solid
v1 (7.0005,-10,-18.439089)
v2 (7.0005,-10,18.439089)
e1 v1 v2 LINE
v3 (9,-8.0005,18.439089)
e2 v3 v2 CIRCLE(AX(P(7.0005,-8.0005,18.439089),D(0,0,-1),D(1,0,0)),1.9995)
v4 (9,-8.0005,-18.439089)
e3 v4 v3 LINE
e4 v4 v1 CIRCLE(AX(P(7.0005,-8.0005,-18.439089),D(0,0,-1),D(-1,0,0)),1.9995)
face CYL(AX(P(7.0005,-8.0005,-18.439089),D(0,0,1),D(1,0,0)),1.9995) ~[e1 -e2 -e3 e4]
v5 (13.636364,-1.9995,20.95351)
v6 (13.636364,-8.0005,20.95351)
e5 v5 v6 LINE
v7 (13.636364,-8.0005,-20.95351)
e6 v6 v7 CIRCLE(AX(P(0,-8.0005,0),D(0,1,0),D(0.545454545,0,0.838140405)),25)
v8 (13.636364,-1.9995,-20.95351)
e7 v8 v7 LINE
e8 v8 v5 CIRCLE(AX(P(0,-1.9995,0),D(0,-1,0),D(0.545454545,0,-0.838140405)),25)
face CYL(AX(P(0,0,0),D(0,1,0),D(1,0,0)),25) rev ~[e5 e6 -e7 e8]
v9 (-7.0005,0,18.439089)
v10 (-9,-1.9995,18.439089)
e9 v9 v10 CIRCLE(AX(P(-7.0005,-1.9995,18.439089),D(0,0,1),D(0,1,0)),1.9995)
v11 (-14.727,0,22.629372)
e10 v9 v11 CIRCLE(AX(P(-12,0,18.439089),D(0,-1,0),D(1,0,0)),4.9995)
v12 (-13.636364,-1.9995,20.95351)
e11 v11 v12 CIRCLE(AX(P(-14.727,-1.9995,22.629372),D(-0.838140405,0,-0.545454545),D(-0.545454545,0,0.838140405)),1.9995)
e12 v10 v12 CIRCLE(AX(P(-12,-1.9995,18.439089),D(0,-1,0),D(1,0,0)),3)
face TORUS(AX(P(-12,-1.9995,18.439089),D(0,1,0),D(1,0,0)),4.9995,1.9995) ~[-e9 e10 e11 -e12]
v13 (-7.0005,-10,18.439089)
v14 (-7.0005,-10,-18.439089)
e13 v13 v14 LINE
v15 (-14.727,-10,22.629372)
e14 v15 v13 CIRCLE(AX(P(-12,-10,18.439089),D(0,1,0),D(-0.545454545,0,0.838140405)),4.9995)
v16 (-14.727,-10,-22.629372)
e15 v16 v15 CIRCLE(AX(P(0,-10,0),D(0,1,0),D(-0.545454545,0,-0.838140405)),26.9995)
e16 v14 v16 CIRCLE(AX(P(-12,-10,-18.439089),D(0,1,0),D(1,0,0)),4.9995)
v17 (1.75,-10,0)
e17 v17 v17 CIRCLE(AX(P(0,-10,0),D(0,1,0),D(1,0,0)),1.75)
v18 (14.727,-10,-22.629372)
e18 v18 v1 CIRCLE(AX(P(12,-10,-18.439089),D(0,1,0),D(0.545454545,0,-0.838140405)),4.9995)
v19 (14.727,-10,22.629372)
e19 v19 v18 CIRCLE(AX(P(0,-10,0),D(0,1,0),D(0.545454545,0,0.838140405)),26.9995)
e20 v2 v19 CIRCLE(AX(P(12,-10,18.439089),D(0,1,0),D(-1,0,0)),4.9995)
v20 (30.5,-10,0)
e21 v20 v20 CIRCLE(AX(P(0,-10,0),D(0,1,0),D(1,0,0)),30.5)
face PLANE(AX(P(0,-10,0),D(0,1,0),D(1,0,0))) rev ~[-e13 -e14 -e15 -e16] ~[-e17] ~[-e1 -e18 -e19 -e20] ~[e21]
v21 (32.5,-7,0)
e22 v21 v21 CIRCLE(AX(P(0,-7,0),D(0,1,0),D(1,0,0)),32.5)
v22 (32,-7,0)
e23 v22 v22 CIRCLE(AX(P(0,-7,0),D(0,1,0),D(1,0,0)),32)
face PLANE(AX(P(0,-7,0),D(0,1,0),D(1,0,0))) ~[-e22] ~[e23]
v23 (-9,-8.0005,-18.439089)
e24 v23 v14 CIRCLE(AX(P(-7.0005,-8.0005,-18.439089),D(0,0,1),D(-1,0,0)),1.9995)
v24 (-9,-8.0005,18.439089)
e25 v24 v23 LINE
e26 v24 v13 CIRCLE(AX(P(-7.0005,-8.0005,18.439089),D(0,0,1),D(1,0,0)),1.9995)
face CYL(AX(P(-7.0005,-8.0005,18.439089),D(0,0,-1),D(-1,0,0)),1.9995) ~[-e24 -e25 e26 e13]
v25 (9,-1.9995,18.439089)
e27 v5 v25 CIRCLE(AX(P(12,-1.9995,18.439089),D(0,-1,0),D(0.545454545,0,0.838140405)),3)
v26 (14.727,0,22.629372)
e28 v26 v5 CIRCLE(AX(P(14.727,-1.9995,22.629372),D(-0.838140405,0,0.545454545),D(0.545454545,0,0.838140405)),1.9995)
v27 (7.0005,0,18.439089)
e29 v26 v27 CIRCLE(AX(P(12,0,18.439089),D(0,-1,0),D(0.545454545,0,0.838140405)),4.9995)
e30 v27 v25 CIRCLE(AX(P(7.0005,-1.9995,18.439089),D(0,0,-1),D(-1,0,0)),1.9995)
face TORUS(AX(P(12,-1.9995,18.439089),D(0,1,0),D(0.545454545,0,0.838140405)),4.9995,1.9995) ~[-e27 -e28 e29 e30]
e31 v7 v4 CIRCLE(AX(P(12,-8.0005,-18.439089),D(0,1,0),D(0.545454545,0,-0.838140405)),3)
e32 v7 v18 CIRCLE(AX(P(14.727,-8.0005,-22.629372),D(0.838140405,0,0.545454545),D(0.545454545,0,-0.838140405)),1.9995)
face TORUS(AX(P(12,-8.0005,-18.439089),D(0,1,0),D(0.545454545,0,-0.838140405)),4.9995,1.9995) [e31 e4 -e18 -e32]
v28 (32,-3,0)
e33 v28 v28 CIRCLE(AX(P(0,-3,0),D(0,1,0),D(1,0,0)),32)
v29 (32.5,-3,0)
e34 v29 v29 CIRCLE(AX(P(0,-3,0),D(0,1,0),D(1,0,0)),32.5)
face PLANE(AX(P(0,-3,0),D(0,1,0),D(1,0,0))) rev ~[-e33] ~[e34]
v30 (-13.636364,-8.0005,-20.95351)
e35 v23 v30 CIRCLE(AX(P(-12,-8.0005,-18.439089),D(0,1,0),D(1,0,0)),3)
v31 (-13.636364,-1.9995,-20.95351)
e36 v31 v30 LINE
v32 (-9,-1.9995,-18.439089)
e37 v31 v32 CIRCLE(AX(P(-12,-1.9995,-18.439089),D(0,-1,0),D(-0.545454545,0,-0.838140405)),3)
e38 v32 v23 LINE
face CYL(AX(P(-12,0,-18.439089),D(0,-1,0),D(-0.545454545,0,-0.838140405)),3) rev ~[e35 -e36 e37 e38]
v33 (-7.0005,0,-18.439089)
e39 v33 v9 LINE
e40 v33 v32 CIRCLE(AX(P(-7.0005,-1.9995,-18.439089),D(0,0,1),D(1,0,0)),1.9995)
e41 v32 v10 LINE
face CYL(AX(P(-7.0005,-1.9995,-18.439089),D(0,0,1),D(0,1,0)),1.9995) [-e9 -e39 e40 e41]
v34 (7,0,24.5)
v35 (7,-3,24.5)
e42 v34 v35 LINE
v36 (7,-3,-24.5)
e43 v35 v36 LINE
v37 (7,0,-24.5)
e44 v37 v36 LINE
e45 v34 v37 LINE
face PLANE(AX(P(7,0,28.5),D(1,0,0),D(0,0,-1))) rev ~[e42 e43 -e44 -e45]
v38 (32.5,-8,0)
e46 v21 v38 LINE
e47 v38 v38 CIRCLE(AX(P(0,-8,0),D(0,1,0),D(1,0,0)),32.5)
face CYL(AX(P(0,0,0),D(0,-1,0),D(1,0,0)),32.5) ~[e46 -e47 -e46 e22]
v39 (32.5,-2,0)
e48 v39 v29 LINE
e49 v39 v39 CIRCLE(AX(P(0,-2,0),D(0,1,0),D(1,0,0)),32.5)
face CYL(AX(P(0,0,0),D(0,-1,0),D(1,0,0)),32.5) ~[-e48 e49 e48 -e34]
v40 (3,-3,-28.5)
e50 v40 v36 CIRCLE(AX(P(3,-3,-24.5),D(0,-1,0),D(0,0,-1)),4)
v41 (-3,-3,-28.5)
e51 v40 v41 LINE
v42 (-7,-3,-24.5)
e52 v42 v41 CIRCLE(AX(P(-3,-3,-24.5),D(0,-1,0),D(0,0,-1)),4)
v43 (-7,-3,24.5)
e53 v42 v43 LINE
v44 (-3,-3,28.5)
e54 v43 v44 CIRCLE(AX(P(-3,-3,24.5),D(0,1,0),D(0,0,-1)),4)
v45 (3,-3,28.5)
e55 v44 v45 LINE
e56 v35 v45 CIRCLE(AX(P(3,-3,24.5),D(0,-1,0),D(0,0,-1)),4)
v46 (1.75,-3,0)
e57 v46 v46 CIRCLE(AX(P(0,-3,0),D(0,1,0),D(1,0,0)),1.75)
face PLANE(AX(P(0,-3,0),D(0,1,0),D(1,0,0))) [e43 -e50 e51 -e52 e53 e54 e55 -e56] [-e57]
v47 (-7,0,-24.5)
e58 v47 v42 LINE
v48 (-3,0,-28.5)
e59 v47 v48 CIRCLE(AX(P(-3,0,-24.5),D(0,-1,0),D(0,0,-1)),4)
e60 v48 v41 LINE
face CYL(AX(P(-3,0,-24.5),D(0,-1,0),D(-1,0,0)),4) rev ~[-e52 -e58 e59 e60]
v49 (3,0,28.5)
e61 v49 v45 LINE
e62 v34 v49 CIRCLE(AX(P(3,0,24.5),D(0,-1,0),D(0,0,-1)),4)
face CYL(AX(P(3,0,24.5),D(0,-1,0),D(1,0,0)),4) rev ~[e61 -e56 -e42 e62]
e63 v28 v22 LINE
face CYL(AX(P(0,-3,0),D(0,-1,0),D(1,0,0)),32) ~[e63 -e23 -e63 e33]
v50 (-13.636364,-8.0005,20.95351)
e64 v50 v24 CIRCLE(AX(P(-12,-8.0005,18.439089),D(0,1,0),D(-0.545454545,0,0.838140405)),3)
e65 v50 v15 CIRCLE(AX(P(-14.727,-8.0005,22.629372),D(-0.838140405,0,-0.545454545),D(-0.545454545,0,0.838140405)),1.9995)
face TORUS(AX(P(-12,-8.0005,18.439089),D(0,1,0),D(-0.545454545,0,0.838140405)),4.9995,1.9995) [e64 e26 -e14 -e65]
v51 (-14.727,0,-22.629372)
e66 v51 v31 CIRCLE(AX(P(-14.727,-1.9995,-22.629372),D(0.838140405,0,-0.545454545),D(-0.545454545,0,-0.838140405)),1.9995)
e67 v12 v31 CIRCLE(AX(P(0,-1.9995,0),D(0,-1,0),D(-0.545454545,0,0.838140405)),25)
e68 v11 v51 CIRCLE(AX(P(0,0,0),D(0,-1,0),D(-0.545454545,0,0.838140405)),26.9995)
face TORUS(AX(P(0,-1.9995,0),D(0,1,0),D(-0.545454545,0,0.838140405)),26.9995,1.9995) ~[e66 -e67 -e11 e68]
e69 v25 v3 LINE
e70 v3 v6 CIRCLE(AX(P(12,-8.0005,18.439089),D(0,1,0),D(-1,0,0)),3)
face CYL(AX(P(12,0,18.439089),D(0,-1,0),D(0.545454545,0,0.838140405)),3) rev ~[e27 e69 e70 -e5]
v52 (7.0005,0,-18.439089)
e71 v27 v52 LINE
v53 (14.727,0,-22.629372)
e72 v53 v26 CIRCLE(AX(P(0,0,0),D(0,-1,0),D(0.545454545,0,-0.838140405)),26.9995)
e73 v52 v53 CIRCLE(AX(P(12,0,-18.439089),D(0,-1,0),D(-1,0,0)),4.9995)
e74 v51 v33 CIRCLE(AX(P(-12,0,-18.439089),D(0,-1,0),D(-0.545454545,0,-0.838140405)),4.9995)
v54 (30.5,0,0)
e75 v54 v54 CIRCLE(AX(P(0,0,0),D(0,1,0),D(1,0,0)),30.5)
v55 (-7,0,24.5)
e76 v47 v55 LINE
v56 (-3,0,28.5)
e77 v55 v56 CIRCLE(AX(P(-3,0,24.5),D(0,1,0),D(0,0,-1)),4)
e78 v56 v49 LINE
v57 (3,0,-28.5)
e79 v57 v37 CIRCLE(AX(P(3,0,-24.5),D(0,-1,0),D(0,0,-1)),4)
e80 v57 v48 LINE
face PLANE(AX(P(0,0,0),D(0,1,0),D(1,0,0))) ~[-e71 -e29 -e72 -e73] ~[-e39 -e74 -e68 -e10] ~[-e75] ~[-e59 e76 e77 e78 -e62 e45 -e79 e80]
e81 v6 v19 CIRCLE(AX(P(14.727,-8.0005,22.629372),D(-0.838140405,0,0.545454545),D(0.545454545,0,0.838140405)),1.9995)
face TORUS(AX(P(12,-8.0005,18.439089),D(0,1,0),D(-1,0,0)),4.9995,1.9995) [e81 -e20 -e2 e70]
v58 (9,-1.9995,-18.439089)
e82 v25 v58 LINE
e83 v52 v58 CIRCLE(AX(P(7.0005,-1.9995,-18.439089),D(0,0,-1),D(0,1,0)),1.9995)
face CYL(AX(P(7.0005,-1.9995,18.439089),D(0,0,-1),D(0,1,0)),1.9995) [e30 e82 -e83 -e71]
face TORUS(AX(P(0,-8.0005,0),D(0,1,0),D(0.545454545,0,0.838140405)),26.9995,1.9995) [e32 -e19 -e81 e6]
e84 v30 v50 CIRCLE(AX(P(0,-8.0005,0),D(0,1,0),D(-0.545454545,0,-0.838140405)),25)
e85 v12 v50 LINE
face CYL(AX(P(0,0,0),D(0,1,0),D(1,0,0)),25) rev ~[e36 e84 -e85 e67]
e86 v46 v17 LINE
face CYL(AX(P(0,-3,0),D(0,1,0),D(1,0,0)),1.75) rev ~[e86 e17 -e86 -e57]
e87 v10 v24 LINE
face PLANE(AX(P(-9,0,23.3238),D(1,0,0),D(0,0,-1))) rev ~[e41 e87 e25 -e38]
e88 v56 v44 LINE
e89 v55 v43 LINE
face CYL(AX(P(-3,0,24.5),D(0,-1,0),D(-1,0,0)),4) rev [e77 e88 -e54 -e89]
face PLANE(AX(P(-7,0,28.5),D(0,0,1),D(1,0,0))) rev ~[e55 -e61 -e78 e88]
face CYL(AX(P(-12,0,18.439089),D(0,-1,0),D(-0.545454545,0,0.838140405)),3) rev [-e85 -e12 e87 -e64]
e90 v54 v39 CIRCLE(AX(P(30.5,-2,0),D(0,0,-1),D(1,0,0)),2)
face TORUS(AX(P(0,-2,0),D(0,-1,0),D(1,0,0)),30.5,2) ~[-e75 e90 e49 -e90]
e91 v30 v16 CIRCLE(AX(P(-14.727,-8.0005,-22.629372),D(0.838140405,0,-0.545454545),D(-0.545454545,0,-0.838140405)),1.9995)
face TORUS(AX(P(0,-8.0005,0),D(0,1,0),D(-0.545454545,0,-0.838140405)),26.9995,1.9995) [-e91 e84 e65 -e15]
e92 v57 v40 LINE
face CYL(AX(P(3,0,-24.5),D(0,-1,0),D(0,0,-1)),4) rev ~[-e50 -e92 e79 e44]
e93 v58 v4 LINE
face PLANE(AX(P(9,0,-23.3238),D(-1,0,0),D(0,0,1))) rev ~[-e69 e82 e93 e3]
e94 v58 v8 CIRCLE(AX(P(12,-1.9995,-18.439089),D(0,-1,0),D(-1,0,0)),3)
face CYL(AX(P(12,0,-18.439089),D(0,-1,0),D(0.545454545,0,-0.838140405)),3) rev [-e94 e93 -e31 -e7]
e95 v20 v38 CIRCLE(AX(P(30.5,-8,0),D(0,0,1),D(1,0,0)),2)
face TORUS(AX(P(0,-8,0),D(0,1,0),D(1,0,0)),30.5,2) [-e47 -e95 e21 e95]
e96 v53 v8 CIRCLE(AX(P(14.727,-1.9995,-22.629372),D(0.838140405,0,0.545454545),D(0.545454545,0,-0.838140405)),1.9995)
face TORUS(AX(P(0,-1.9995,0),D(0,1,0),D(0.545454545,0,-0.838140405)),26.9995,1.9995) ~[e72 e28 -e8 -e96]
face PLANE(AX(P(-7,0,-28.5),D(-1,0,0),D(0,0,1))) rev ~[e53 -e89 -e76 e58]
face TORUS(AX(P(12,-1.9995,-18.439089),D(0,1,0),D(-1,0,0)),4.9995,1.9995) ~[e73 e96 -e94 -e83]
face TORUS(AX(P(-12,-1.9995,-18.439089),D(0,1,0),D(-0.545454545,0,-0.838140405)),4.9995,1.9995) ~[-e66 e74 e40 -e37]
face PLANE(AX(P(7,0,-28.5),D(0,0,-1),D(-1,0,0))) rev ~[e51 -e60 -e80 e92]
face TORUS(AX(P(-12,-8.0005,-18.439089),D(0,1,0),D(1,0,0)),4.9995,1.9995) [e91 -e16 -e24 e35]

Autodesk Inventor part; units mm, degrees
ref_plane "YZ Plane" through (0, 0, 0) normal (1, 0, 0) x (0, 1, 0)
ref_plane "XZ Plane" through (0, 0, 0) normal (0, 1, 0) x (-1, 0, 0)
ref_plane "XY Plane" through (0, 0, 0) normal (0, 0, 1) x (1, 0, 0)
sketch "Esquisse2" plane through (0, 0, 0) normal (0, 0, 1) x (1, 0, 0)
  line L0 (0, 0) -> (32.5, 0)
  line L1 (32.5, 0) -> (32.5, -10)
  line L2 (32.5, -10) -> (0, -10)
  line L3 (0, -10) -> (0, 0)
  line L4 (32.5, -3) -> (32, -3)
  line L5 (32, -3) -> (32, -7)
  line L6 (32, -7) -> (32.5, -7)
  line L7 (32.5, -7) -> (32.5, -3)
  dimension "d1" = 32.5
  dimension "d2" = 10
  dimension "d6" = 3
  dimension "d7" = 0.5
  dimension "d13" = 3
revolve "Révolution1" add sketch "Esquisse2" angle 360 about axis through (0, -10, 0) along (0, 1, 0) contours L0 L1 L4 L5 L6 L2 L3
sketch "Esquisse3" plane through (0, 0, 0) normal (0, 1, 0) x (1, 0, 0)
  line L0 (-7, -28.5) -> (7, -28.5)
  line L1 (7, -28.5) -> (7, 28.5)
  line L2 (7, 28.5) -> (-7, 28.5)
  line L3 (-7, 28.5) -> (-7, -28.5)
  line L4 (-7, -28.5) -> (7, 28.5)
  line L5 (7, -28.5) -> (-7, 28.5)
  point P0 (0, 0)
  point P1 (0, 0)
  point P2 (0, 0)
  dimension "d9" = 14
  dimension "d10" = 57
extrude "Extrusion1" cut sketch "Esquisse3" against normal blind 3
fillet "Congé1" radius 4 4 edges at (-7, -1.5, -28.5) (7, -1.5, -28.5) (-7, -1.5, 28.5) (7, -1.5, 28.5)
sketch "Esquisse4" plane through (0, -3, 0) normal (0, 1, 0) x (1, 0, 0)
  circle A0 centre (0, 0) radius 1.75
  point P0 (0, 0)
  dimension "d15" = 3.5
extrude "Extrusion2" cut sketch "Esquisse4" against normal blind 10
fillet "Congé2" radius 2 2 edges at (-32.5, 0, 0) (-32.5, -10, 0)
sketch "Esquisse5" plane through (0, 0, 0) normal (0, 1, 0) x (1, 0, 0)
  circle A0 centre (0, 0) radius 25
  line L0 (-9, 23.3238) -> (9, 23.3238)
  line L1 (9, 23.3238) -> (9, -23.3238)
  line L2 (9, -23.3238) -> (-9, -23.3238)
  line L3 (-9, -23.3238) -> (-9, 23.3238)
  dimension "d19" = 50
  dimension "d20" = 18
extrude "Extrusion3" cut sketch "Esquisse5" against normal blind 38.5 contours A0 L1 | L3 A0
fillet "Congé3" radius 3 4 edges at (9, -5, 23.3238) (9, -5, -23.3238) (-9, -5, -23.3238) (-9, -5, 23.3238)
fillet "Congé4" radius 2 16 edges at (-10.5698, 0, -21.0762) (-9, 0, 0) (-10.5698, 0, 21.0762) (-25, 0, 0) (-10.5698, -10, 21.0762) (-9, -10, 0) (-10.5698, -10, -21.0762) (-25, -10, 0) (10.5698, 0, 21.0762) (9, 0, 0) (10.5698, 0, -21.0762) (25, 0, 0) (10.5698, -10, -21.0762) (9, -10, 0) (10.5698, -10, 21.0762) (25, -10, 0)
properties part number "roue_Impression 3D"
